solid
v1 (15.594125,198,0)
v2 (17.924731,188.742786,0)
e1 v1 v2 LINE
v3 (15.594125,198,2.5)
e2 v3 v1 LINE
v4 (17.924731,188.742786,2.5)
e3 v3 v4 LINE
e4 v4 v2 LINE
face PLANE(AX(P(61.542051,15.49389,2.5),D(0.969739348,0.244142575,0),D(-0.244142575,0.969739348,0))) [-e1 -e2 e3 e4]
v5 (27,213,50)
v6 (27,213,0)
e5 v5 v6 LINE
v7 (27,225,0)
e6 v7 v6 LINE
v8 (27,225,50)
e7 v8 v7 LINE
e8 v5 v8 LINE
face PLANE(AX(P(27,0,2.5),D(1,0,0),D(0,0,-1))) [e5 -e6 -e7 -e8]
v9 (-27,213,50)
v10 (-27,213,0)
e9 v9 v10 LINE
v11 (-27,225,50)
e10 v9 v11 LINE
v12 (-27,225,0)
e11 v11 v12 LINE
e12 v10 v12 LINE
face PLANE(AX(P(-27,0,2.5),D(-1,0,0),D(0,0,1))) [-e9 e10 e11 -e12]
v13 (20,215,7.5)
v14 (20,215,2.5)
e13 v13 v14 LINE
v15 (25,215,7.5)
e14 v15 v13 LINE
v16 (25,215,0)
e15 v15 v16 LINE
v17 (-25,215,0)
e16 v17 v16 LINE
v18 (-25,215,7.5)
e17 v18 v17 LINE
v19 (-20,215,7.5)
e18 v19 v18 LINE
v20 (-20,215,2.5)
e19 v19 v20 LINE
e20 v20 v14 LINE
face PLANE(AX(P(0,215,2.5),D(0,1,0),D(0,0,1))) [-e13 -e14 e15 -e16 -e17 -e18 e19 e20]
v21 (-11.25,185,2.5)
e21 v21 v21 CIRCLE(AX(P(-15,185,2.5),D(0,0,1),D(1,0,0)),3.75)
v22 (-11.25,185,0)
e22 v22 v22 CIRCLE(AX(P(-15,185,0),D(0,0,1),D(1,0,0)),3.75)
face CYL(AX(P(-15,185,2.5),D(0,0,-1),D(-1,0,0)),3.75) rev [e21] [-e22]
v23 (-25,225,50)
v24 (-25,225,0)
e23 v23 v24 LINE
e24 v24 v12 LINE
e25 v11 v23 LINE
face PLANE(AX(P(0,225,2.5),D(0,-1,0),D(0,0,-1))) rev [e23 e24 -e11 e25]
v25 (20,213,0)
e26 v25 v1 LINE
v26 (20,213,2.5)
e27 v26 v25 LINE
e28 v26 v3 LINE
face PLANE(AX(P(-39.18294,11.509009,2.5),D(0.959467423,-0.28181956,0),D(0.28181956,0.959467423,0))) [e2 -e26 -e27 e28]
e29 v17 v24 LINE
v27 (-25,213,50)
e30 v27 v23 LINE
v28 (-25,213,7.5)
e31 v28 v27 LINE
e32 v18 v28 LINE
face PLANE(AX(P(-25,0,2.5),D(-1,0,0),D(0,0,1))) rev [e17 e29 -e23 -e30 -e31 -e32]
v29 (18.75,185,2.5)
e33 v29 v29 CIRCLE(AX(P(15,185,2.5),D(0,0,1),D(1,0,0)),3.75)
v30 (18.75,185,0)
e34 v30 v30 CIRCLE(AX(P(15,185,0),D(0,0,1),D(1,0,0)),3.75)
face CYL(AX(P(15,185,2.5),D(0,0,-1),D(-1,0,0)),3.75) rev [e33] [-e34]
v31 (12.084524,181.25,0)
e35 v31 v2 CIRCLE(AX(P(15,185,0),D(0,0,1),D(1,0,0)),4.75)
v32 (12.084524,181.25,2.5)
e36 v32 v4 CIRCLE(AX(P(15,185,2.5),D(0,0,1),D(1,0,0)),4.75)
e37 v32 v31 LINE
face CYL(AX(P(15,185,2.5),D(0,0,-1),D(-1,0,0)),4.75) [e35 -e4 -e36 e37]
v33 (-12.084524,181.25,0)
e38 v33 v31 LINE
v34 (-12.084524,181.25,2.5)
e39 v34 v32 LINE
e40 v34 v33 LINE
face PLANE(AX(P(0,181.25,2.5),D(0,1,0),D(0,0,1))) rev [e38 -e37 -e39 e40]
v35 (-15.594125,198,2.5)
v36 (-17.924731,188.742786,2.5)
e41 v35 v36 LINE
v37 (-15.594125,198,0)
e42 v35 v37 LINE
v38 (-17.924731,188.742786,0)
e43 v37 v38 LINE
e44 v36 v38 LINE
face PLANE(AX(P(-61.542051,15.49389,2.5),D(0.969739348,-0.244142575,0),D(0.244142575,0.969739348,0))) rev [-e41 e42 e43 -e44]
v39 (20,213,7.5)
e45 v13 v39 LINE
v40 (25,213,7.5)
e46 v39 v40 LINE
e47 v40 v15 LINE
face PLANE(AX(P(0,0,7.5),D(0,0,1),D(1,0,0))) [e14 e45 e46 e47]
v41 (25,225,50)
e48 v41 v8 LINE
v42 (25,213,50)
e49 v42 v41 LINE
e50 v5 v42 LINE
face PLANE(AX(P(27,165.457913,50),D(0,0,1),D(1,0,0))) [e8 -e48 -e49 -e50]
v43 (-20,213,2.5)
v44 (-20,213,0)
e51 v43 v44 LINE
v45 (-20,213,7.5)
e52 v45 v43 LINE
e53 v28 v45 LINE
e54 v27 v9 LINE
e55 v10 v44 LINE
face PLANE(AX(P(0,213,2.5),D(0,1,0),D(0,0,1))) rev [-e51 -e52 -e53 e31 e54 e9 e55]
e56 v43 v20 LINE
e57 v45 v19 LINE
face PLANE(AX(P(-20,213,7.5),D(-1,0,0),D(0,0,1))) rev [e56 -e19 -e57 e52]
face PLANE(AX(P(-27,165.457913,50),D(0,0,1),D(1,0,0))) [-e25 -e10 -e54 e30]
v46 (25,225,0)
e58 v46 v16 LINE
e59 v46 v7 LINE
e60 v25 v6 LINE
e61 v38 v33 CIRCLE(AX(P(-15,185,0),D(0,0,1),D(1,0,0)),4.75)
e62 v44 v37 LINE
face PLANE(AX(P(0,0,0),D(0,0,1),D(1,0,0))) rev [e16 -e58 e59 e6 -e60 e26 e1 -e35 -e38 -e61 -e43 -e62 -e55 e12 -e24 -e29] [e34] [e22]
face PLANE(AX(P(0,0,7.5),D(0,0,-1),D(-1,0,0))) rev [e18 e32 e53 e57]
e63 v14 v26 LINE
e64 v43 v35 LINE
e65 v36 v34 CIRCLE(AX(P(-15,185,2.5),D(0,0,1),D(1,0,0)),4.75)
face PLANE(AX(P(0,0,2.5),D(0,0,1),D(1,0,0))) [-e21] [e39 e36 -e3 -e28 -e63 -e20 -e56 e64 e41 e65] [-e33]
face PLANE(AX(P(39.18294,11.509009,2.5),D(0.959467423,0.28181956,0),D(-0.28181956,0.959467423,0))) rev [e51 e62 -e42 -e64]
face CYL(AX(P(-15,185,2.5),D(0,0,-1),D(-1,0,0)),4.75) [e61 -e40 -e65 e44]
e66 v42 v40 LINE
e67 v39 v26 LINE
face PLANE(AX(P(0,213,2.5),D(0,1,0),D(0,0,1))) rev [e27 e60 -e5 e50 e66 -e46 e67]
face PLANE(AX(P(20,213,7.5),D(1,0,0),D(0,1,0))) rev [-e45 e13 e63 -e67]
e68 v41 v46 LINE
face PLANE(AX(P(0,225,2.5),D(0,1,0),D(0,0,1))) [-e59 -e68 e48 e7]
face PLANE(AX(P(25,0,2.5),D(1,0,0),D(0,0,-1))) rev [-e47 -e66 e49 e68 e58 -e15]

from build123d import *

# Parameters (mm, degrees)
BOSS_EXTRUDE1_DEPTH = 2.5
SKETCH2_W           = 2
SKETCH2_H           = 47.5
BOSS_EXTRUDE2_DEPTH = 12
SKETCH3_W           = 5
SKETCH3_H           = 2
BOSS_EXTRUDE3_DEPTH = 5


with BuildPart() as part:
    # Sketch1 → Boss-Extrude1 (new body)
    with BuildSketch(Plane.XY):
        with BuildLine():
            Line((-20, 215), (-25, 215))
            Line((-25, 215), (-25, 225))
            Line((-25, 225), (-27, 225))
            Line((-27, 225), (-27, 213))
            Line((-27, 213), (-20, 213))
            Line((-20, 213), (-15.594125144, 198))
            Line((-15.594125144, 198), (-17.924730751, 188.7427864))
            ThreePointArc((-17.924730751, 188.7427864), (-18.746396058, 182.079894423), (-12.084524053, 181.25))
            Line((-12.084524053, 181.25), (12.084524053, 181.25))
            ThreePointArc((12.084524053, 181.25), (18.746396058, 182.079894423), (17.924730751, 188.7427864))
            Line((17.924730751, 188.7427864), (15.594125144, 198))
            Line((15.594125144, 198), (20, 213))
            Line((20, 213), (27, 213))
            Line((27, 213), (27, 225))
            Line((27, 225), (25, 225))
            Line((25, 225), (25, 215))
            Line((25, 215), (20, 215))
            Line((20, 215), (-20, 215))
        make_face()
        with BuildLine():
            ThreePointArc((-15, 181.25), (-17.957681098, 182.694653492), (-18.636522555, 185.915534655))
            ThreePointArc((-18.636522555, 185.915534655), (-14.538729788, 188.72152251), (-11.25, 185))
            ThreePointArc((-11.25, 185), (-12.348349571, 182.348349571), (-15, 181.25))
        make_face(mode=Mode.SUBTRACT)
        with BuildLine():
            ThreePointArc((18.75, 185), (17.651650429, 182.348349571), (15, 181.25))
            ThreePointArc((15, 181.25), (12.042318902, 187.305346508), (18.636522555, 185.915534655))
            ThreePointArc((18.636522555, 185.915534655), (18.72152251, 185.461270212), (18.75, 185))
        make_face(mode=Mode.SUBTRACT)
    extrude(amount=BOSS_EXTRUDE1_DEPTH)

    # Sketch2 → Boss-Extrude2 (add)
    with BuildSketch(Plane(origin=(0, 225, 0), x_dir=(1, 0, 0), z_dir=(0, 1, 0))):
        with Locations((26, -26.25)):
            Rectangle(SKETCH2_W, SKETCH2_H)
        with Locations((-26, -26.25)):
            Rectangle(SKETCH2_W, SKETCH2_H)
    extrude(amount=-BOSS_EXTRUDE2_DEPTH)

    # Sketch3 → Boss-Extrude3 (add)
    with BuildSketch(Plane.XY.offset(2.5)):
        with Locations((-22.5, 214)):
            Rectangle(SKETCH3_W, SKETCH3_H)
        with Locations((22.5, 214)):
            Rectangle(SKETCH3_W, SKETCH3_H)
    extrude(amount=BOSS_EXTRUDE3_DEPTH)


solid = part.part
